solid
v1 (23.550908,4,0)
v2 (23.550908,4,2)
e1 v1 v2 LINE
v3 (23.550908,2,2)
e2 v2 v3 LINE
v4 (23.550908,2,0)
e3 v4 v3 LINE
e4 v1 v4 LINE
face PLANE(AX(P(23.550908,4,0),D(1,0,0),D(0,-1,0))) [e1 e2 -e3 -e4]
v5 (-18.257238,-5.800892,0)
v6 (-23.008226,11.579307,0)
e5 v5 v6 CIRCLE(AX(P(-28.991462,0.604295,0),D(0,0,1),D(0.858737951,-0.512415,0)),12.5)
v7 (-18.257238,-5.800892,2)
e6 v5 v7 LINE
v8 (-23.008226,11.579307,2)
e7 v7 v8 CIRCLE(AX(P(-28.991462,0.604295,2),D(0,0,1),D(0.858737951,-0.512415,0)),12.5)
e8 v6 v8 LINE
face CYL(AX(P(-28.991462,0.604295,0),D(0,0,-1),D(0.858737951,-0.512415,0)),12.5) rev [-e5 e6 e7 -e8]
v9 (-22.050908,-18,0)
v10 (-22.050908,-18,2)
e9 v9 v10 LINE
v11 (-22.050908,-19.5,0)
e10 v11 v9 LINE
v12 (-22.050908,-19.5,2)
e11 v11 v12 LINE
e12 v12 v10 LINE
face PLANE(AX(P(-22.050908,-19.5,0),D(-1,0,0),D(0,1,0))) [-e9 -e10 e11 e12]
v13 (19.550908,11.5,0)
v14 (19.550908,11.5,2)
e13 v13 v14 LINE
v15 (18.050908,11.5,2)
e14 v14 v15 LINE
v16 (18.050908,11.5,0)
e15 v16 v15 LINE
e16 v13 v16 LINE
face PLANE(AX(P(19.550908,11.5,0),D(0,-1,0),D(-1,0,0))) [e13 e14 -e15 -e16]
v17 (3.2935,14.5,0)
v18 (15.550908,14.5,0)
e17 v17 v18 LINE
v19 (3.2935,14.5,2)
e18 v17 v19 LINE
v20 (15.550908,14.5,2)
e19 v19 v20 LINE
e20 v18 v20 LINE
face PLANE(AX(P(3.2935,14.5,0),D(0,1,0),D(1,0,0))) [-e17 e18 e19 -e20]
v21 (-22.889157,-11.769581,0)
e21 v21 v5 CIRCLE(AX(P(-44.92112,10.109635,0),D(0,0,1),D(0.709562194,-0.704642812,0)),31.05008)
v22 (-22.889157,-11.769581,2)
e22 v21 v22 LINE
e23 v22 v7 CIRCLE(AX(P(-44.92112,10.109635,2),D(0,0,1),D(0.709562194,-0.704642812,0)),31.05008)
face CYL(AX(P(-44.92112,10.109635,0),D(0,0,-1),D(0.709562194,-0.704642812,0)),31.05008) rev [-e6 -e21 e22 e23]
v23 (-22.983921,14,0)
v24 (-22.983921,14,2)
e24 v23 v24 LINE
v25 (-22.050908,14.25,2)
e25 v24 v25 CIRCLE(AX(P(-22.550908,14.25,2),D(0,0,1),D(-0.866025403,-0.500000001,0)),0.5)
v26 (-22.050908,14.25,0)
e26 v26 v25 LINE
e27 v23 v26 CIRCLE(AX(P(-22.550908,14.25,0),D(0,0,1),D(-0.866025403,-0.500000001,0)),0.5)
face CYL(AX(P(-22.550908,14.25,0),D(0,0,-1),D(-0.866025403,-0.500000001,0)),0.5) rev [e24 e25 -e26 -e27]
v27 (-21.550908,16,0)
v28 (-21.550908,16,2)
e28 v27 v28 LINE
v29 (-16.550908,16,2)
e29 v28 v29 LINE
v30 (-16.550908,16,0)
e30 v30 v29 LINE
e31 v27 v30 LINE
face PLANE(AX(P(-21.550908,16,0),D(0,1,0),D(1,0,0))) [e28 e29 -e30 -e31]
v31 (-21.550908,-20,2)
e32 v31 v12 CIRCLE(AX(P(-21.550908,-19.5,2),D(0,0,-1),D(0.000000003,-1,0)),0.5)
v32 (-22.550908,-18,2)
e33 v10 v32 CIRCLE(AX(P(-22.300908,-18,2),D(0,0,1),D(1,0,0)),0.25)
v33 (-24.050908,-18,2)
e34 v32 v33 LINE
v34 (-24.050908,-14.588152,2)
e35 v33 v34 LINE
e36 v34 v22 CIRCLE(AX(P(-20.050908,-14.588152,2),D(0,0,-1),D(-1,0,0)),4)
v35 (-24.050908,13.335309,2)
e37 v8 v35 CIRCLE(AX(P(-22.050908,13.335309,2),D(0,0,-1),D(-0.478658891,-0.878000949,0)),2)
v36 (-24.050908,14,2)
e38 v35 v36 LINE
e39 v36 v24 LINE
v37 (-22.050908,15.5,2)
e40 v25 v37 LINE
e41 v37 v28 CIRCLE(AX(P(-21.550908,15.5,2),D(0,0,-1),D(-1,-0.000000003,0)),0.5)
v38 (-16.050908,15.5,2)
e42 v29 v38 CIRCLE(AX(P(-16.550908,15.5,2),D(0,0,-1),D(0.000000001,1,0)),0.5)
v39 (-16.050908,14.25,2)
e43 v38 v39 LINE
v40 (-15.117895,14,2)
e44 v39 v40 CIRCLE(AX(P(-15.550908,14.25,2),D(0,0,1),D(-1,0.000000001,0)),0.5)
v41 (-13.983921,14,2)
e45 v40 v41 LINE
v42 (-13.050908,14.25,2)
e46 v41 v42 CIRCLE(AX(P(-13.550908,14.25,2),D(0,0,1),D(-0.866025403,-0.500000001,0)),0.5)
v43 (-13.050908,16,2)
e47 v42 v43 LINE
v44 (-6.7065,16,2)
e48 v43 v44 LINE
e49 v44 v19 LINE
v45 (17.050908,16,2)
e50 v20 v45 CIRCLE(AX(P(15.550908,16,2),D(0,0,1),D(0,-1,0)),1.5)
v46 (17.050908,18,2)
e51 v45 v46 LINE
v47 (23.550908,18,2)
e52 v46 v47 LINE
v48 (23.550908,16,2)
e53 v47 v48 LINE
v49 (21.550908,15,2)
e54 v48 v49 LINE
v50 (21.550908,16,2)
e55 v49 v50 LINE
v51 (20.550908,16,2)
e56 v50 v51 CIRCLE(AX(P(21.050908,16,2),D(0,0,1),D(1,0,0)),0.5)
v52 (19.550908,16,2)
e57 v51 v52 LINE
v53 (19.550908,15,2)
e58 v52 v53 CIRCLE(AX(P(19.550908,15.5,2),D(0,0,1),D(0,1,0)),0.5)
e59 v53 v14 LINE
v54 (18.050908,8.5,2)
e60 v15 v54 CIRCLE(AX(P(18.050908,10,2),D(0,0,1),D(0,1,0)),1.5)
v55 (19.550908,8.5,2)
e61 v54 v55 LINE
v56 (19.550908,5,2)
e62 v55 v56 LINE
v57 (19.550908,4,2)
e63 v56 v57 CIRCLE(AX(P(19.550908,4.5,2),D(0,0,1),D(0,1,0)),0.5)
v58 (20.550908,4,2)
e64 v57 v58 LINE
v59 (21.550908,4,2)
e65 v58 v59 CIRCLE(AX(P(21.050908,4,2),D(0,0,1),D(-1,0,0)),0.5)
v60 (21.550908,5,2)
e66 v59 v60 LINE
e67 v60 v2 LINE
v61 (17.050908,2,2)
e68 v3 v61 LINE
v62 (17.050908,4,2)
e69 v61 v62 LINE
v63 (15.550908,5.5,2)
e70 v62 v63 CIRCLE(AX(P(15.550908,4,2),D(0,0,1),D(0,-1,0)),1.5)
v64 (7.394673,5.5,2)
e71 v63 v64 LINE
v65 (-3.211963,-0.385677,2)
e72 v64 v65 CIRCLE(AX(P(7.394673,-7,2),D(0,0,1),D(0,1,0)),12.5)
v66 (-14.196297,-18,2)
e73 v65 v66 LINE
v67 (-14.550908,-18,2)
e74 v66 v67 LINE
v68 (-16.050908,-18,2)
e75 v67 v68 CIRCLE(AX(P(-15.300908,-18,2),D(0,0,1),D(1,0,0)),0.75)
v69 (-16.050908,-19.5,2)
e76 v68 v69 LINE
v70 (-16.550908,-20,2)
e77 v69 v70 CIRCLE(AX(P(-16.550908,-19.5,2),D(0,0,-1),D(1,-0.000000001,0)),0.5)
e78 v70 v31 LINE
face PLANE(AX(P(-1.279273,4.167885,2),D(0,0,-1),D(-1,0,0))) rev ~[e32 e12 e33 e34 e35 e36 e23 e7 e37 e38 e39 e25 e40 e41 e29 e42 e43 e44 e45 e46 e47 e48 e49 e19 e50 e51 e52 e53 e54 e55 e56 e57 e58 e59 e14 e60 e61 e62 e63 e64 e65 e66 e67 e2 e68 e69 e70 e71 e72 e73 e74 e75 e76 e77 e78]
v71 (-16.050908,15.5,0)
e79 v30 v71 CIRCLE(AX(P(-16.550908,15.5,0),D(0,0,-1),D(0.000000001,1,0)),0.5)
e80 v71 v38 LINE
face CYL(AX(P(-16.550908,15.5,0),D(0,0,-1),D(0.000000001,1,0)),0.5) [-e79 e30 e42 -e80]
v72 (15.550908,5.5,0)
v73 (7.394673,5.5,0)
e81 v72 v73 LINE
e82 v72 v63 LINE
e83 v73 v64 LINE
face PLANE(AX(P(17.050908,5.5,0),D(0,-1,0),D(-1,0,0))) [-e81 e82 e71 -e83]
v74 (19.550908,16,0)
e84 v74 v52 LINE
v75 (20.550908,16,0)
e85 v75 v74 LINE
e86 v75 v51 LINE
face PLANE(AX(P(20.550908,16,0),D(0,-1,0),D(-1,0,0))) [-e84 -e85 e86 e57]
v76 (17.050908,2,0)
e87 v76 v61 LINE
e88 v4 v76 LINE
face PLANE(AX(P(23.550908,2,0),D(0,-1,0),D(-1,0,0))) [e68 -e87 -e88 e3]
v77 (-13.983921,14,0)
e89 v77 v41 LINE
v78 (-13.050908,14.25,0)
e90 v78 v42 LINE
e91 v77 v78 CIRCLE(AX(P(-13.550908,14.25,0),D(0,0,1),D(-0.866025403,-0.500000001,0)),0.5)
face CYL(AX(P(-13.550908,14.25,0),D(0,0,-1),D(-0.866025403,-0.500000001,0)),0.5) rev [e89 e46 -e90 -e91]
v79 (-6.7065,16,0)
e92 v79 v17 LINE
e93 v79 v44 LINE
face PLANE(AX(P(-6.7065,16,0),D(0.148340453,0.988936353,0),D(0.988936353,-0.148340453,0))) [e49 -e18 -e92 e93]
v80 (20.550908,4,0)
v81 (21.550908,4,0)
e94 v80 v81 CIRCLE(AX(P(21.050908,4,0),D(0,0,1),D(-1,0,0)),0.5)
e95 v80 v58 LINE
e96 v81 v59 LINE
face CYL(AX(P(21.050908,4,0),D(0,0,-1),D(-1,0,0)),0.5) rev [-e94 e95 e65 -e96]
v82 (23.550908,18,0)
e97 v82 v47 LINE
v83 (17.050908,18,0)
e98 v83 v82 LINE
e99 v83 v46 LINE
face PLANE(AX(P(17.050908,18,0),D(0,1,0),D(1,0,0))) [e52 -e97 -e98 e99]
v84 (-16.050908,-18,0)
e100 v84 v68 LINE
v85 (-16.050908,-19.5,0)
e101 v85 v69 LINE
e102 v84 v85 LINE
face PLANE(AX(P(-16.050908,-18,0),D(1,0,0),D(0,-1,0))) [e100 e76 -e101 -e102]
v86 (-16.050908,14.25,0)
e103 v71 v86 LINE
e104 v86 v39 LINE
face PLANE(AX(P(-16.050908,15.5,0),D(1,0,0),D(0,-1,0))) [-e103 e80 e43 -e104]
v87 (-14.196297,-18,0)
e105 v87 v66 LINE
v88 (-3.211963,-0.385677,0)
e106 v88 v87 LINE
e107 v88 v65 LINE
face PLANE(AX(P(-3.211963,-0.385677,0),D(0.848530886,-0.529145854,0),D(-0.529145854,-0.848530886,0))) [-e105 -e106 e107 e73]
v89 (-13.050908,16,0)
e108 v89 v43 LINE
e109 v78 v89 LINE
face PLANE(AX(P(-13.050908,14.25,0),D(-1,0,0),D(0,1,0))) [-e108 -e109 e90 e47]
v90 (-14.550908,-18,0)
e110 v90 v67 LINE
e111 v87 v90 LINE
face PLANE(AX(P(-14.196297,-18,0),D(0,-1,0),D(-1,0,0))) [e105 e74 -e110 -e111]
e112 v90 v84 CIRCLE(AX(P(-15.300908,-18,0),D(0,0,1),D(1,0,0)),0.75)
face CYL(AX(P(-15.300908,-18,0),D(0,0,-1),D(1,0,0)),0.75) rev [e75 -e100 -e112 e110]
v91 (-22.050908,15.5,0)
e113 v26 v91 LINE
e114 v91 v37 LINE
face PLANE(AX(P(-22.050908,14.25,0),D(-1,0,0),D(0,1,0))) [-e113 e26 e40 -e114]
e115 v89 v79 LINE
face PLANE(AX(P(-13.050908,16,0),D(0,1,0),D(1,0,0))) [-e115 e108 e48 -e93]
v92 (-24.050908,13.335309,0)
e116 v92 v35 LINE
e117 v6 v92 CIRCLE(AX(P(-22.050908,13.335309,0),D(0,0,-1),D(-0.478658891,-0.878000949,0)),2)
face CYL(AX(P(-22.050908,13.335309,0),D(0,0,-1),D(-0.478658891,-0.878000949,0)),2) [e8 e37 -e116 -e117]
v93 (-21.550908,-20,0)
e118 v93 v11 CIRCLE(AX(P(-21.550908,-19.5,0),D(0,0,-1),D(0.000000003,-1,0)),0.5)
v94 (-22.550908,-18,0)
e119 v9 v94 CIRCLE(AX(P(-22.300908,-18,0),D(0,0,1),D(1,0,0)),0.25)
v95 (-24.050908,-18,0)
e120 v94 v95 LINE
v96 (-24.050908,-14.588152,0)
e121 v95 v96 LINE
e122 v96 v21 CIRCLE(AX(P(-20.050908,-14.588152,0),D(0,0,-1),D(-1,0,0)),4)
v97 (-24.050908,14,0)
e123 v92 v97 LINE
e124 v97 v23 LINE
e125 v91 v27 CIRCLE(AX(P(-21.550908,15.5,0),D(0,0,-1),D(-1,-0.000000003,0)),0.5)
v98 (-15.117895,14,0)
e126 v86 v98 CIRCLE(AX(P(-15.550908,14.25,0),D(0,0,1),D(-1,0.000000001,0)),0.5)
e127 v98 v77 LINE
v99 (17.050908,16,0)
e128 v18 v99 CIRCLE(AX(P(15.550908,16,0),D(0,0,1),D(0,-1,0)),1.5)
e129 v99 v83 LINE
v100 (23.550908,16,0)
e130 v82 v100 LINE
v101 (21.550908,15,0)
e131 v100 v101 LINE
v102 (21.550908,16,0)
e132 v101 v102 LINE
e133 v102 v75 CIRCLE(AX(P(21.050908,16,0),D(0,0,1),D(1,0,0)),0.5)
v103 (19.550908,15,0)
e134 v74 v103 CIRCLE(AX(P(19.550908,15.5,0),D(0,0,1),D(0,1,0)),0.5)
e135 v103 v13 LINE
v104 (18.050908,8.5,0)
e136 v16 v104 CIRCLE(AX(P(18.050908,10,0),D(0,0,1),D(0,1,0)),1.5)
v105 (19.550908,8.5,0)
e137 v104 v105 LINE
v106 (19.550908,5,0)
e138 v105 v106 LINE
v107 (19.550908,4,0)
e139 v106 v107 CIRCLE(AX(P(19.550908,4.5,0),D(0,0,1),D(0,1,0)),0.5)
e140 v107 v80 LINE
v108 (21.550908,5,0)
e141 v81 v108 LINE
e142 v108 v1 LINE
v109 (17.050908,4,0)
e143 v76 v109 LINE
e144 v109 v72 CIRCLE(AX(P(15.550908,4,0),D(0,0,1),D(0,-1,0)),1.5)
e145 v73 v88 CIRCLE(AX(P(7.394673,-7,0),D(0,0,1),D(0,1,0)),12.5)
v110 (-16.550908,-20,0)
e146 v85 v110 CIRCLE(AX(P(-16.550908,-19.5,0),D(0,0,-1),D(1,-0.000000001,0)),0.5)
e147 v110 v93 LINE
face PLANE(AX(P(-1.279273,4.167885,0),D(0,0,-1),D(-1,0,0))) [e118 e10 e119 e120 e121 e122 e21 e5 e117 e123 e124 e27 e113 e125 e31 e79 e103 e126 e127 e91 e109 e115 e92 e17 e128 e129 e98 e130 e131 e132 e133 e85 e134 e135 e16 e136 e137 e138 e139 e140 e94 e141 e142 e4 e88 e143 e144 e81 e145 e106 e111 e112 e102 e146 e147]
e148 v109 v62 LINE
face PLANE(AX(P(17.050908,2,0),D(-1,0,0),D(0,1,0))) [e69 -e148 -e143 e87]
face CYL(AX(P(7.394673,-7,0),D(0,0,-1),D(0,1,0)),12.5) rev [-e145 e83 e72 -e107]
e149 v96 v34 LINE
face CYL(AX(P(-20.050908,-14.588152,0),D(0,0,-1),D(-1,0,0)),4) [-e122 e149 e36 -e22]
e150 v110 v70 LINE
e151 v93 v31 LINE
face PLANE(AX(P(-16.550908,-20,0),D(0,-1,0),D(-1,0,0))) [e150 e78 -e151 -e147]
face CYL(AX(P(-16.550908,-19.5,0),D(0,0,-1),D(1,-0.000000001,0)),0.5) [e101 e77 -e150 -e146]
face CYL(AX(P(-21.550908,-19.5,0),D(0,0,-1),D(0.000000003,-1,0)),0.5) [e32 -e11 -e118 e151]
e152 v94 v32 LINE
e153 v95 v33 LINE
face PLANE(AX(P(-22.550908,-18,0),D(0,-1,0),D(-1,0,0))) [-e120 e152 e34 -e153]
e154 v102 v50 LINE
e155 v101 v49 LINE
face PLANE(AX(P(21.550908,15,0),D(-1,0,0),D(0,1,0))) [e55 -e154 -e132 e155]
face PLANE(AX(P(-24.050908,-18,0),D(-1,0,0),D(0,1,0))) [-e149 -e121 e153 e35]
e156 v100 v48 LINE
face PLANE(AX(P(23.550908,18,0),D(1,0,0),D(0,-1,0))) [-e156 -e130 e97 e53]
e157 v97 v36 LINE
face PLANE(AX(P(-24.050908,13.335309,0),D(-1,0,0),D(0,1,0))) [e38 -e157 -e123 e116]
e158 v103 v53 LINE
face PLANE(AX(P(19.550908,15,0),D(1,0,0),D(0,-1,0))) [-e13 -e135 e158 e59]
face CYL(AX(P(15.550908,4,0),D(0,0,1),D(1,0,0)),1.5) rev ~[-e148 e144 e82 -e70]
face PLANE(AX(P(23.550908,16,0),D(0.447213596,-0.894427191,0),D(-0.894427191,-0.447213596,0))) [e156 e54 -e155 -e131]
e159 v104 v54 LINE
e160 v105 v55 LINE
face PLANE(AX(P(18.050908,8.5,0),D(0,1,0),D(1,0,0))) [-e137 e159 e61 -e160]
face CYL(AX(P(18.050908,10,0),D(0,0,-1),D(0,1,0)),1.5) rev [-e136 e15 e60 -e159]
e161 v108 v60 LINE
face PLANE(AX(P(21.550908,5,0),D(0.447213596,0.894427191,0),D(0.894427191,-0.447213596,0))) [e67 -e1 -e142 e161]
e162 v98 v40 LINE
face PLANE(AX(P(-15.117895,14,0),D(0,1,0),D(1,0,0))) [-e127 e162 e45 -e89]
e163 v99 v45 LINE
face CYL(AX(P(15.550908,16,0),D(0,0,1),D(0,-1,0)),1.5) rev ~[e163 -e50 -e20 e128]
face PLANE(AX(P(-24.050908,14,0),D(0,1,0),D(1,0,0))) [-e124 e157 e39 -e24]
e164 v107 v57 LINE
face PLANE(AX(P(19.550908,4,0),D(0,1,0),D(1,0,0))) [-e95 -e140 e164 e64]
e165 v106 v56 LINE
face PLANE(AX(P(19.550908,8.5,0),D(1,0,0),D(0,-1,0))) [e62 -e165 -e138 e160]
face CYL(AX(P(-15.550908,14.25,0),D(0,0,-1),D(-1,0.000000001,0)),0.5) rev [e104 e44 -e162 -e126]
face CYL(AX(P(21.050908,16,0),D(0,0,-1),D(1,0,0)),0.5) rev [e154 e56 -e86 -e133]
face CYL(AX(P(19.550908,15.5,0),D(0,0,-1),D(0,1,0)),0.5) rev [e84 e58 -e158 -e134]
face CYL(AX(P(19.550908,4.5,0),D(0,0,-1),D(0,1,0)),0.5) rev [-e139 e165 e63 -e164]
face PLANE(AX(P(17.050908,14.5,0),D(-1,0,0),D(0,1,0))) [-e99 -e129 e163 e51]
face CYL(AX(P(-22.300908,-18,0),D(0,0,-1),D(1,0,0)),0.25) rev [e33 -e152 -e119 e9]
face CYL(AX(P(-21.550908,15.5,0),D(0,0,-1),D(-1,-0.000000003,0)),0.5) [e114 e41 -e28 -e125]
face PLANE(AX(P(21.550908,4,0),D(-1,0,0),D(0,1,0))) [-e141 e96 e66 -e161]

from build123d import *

# Parameters (mm, degrees)
BOSS_EXTRUDE1_DEPTH = 2
FILLET1_R           = 1.5


with BuildPart() as part:
    # Sketch4 → Boss-Extrude1 (new body)
    with BuildSketch(Plane.XY):
        with BuildLine():
            Line((-13.050908111, 16), (-6.706499702, 16))
            Line((-6.706499702, 16), (3.293500298, 14.5))
            Line((3.293500298, 14.5), (17.050908111, 14.5))
            Line((17.050908111, 14.5), (17.050908111, 18))
            Line((17.050908111, 18), (23.550908111, 18))
            Line((23.550908111, 18), (23.550908111, 16))
            Line((23.550908111, 16), (21.550908111, 15))
            Line((21.550908111, 15), (21.550908111, 16))
            ThreePointArc((21.550908111, 16), (21.050908111, 16.5), (20.550908111, 16))
            Line((20.550908111, 16), (19.550908111, 16))
            ThreePointArc((19.550908111, 16), (19.050908111, 15.5), (19.550908111, 15))
            Line((19.550908111, 15), (19.550908111, 11.5))
            Line((19.550908111, 11.5), (18.050908111, 11.5))
            ThreePointArc((18.050908111, 11.5), (16.550908111, 10), (18.050908111, 8.5))
            Line((18.050908111, 8.5), (19.550908111, 8.5))
            Line((19.550908111, 8.5), (19.550908111, 5))
            ThreePointArc((19.550908111, 5), (19.050908111, 4.5), (19.550908111, 4))
            Line((19.550908111, 4), (20.550908111, 4))
            ThreePointArc((20.550908111, 4), (21.050908111, 3.5), (21.550908111, 4))
            Line((21.550908111, 4), (21.550908111, 5))
            Line((21.550908111, 5), (23.550908111, 4))
            Line((23.550908111, 4), (23.550908111, 2))
            Line((23.550908111, 2), (17.050908111, 2))
            Line((17.050908111, 2), (17.050908111, 5.5))
            Line((17.050908111, 5.5), (7.394672813, 5.5))
            ThreePointArc((7.394672813, 5.5), (1.329569341, 3.929982611), (-3.211963264, -0.38567682))
            Line((-3.211963264, -0.38567682), (-14.196296588, -18))
            Line((-14.196296588, -18), (-14.550908111, -18))
            ThreePointArc((-14.550908111, -18), (-15.300908111, -17.25), (-16.050908111, -18))
            Line((-16.050908111, -18), (-16.050908111, -19.5))
            ThreePointArc((-16.050908111, -19.5), (-16.197354721, -19.853553391), (-16.550908111, -20))
            Line((-16.550908111, -20), (-21.550908111, -20))
            ThreePointArc((-21.550908111, -20), (-21.904461502, -19.853553391), (-22.050908111, -19.5))
            Line((-22.050908111, -19.5), (-22.050908111, -18))
            ThreePointArc((-22.050908111, -18), (-22.300908111, -17.75), (-22.550908111, -18))
            Line((-22.550908111, -18), (-24.050908111, -18))
            Line((-24.050908111, -18), (-24.050908111, -14.588152482))
            ThreePointArc((-24.050908111, -14.588152482), (-23.749083006, -13.063848559), (-22.889156888, -11.769581233))
            ThreePointArc((-22.889156888, -11.769581233), (-20.39098235, -8.926642121), (-18.257237664, -5.800892224))
            ThreePointArc((-18.257237664, -5.800892224), (-16.93384188, 3.900322575), (-23.008225895, 11.579307131))
            ThreePointArc((-23.008225895, 11.579307131), (-23.770593485, 12.314190907), (-24.050908111, 13.335309027))
            Line((-24.050908111, 13.335309027), (-24.050908111, 14))
            Line((-24.050908111, 14), (-22.983920813, 14))
            ThreePointArc((-22.983920813, 14), (-22.421498589, 13.767037087), (-22.050908111, 14.25))
            Line((-22.050908111, 14.25), (-22.050908111, 15.5))
            ThreePointArc((-22.050908111, 15.5), (-21.904461502, 15.853553391), (-21.550908111, 16))
            Line((-21.550908111, 16), (-16.550908111, 16))
            ThreePointArc((-16.550908111, 16), (-16.197354721, 15.853553391), (-16.050908111, 15.5))
            Line((-16.050908111, 15.5), (-16.050908111, 14.25))
            ThreePointArc((-16.050908111, 14.25), (-15.680317634, 13.767037087), (-15.11789541, 14))
            Line((-15.11789541, 14), (-13.983920813, 14))
            ThreePointArc((-13.983920813, 14), (-13.421498589, 13.767037087), (-13.050908111, 14.25))
            Line((-13.050908111, 14.25), (-13.050908111, 16))
        make_face()
    extrude(amount=BOSS_EXTRUDE1_DEPTH)

    # Fillet1
    fillet1_edges = [part.edges().sort_by_distance(p)[0] for p in [
        (17.050908111, 14.5, 1),
        (17.050908111, 5.5, 1),
    ]]
    fillet(fillet1_edges, radius=FILLET1_R)


solid = part.part
